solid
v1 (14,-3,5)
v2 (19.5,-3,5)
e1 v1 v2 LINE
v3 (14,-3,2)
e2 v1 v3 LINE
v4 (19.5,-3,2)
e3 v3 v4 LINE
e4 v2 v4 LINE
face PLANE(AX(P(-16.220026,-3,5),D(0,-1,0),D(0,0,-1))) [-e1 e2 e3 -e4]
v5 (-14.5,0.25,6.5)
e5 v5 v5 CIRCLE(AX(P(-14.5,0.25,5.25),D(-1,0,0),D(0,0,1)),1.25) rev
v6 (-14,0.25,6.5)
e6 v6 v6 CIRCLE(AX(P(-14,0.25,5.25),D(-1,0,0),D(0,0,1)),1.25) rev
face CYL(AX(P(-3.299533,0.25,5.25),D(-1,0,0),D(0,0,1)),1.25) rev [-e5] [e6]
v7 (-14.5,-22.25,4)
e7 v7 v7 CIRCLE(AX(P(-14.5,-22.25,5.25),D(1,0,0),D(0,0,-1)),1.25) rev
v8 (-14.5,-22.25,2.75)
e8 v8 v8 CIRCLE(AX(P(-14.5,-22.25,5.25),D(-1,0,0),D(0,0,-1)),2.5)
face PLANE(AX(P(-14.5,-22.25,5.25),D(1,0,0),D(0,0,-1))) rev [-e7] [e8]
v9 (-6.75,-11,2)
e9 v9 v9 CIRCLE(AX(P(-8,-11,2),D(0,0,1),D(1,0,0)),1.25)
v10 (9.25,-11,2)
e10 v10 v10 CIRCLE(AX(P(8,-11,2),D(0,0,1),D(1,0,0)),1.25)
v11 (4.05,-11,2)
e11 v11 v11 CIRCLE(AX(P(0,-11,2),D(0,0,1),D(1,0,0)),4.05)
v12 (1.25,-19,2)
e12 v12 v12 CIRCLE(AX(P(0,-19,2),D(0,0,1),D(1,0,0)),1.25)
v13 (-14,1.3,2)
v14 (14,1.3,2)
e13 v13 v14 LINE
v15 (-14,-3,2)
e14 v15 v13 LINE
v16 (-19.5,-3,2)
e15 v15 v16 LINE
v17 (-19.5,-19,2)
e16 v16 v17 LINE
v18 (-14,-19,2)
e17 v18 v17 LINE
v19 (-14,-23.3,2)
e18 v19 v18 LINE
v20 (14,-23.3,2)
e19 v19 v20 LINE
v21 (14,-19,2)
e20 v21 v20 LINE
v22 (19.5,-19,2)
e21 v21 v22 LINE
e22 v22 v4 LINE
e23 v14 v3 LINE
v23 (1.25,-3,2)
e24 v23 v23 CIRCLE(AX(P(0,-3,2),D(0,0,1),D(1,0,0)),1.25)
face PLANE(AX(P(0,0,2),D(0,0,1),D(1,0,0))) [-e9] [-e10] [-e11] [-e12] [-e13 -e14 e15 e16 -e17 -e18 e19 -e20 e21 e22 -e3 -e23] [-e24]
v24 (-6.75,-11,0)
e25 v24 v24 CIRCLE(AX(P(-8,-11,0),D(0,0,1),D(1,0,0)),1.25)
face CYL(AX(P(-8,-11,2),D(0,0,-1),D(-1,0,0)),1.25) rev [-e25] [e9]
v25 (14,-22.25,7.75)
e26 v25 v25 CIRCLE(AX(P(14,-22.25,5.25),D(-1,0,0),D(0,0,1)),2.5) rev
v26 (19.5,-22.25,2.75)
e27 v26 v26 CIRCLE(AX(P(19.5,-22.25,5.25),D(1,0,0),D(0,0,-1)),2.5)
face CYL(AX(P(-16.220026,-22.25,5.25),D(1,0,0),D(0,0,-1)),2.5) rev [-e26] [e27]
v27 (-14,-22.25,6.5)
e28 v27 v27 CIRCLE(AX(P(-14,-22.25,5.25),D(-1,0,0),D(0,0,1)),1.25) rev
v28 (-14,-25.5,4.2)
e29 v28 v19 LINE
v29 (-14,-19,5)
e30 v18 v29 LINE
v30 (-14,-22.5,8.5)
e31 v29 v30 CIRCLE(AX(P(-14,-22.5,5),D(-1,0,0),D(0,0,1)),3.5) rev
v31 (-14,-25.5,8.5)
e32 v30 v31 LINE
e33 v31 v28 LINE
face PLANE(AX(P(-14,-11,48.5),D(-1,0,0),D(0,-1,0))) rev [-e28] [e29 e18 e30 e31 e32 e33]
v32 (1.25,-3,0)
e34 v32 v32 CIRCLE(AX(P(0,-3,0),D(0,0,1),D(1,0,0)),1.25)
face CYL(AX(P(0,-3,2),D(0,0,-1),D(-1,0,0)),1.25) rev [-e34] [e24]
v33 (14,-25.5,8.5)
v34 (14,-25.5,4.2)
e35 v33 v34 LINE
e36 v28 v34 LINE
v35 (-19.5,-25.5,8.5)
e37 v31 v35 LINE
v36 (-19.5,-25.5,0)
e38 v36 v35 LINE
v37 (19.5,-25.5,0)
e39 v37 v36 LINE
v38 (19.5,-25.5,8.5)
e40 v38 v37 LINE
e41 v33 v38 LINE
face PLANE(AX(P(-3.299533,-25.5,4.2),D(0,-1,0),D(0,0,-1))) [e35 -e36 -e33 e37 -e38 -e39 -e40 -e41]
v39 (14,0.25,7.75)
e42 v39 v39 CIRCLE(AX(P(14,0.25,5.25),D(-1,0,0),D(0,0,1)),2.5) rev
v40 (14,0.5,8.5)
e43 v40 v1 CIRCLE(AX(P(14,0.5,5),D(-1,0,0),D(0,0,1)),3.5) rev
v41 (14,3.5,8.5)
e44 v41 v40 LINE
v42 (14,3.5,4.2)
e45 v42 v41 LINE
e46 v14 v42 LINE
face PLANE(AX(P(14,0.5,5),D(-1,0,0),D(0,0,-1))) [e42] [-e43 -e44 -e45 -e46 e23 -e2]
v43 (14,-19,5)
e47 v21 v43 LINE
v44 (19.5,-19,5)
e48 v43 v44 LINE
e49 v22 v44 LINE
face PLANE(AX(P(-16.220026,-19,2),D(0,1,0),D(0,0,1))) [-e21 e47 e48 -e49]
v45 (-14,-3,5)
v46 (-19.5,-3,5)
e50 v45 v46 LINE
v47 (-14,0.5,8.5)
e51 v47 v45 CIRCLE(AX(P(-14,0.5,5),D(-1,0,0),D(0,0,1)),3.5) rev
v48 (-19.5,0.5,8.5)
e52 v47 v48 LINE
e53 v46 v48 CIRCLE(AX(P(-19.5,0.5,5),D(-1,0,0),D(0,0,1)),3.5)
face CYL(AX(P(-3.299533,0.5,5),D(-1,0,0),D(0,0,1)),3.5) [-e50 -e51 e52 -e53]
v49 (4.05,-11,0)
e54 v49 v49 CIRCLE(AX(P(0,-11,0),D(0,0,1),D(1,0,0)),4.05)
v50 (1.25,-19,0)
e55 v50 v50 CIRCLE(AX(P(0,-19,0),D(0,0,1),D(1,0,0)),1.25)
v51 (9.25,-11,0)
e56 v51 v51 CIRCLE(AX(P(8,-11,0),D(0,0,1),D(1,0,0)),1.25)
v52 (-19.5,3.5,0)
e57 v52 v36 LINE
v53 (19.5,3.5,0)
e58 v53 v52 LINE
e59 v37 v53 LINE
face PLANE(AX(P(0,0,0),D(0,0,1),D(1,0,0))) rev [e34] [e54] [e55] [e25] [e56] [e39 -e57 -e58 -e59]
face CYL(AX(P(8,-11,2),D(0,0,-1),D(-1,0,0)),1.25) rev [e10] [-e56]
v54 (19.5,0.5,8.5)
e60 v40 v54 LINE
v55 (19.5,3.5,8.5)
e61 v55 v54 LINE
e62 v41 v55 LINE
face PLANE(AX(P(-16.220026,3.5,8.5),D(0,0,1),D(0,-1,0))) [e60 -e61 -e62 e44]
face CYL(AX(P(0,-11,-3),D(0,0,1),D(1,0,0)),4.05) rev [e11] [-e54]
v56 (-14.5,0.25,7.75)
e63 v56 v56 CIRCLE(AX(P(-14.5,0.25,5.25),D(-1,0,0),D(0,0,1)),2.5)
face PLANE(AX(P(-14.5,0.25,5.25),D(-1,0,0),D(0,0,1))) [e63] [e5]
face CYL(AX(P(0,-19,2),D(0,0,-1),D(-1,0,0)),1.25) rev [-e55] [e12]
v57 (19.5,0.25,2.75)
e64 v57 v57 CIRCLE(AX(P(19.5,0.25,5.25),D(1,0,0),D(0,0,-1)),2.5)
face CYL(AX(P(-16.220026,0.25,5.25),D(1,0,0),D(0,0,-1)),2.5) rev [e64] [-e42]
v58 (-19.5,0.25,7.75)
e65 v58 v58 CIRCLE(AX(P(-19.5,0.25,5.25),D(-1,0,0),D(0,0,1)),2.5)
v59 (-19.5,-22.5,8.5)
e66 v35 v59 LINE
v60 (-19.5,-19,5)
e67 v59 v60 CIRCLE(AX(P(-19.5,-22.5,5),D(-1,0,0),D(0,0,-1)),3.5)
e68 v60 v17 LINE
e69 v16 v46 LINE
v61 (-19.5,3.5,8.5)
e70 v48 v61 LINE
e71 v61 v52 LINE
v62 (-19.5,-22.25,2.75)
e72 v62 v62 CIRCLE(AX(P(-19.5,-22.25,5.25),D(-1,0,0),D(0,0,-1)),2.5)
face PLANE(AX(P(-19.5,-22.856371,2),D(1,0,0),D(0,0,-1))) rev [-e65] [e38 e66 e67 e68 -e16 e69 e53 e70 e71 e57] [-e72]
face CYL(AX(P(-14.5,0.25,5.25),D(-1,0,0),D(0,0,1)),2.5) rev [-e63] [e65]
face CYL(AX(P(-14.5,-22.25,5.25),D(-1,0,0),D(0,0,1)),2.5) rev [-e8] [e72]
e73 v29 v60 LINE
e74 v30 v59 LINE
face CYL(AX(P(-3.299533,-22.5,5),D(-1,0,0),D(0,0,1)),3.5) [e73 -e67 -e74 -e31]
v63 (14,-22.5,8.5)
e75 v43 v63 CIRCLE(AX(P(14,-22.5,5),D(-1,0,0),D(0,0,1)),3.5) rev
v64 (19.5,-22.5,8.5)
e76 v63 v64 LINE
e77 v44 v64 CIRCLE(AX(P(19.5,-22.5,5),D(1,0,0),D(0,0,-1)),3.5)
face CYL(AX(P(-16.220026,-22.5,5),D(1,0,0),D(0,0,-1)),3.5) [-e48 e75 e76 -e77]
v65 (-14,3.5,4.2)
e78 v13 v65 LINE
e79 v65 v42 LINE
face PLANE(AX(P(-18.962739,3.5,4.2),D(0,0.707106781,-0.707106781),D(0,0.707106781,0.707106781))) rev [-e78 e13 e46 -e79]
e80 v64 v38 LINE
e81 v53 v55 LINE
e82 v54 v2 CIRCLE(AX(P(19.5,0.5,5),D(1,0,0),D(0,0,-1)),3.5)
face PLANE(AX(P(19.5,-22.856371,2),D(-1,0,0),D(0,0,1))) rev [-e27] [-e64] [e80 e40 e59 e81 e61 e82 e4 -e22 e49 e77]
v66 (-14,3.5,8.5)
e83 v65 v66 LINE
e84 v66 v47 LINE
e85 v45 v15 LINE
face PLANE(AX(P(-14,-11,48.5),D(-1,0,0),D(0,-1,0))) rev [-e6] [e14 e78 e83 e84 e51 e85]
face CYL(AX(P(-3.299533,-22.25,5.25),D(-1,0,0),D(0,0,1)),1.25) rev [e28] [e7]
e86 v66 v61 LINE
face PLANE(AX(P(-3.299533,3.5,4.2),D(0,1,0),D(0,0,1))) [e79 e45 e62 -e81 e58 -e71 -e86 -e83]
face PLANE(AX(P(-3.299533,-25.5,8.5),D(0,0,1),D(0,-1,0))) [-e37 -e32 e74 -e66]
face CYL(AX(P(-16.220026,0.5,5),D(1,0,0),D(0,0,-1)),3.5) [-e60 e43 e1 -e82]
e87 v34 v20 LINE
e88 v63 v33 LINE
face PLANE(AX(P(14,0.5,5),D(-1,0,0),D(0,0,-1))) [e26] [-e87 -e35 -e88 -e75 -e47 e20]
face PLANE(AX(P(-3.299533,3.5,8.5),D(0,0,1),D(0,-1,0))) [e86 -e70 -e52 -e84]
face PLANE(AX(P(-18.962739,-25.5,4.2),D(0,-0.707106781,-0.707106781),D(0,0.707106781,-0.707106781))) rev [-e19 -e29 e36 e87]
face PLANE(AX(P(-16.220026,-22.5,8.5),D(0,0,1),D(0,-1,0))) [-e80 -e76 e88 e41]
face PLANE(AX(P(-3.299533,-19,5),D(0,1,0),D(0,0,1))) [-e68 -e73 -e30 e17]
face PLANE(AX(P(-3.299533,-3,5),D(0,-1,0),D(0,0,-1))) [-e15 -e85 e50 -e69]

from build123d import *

# Parameters (mm, degrees)
SKETCH1_W           = 39
SKETCH1_H           = 23.712741858
BOSS_EXTRUDE1_DEPTH = 2
SKETCH9_R           = 4.05
CUT_EXTRUDE6_DEPTH  = 5
SKETCH10_R          = 1.25
BOSS_EXTRUDE5_DEPTH = 5.5
SKETCH11_R          = 2.5
CUT_EXTRUDE7_DEPTH  = 5
BOSS_EXTRUDE6_START = -5.5
SKETCH12_R          = 2.5
BOSS_EXTRUDE6_DEPTH = 5.5
BOSS_EXTRUDE7_DEPTH = 28


with BuildPart() as part:
    # Sketch1 → Boss-Extrude1 (new body)
    with BuildSketch(Plane.XY):
        with Locations((0, -11)):
            Rectangle(SKETCH1_W, SKETCH1_H)
        with BuildLine():
            ThreePointArc((1.25, -19), (0, -17.75), (-1.25, -19))
            ThreePointArc((-1.25, -19), (0, -20.25), (1.25, -19))
        make_face(mode=Mode.SUBTRACT)
        with BuildLine():
            ThreePointArc((-6.75, -11), (-8, -9.75), (-9.25, -11))
            ThreePointArc((-9.25, -11), (-8, -12.25), (-6.75, -11))
        make_face(mode=Mode.SUBTRACT)
        with BuildLine():
            ThreePointArc((1.25, -3), (0, -1.75), (-1.25, -3))
            ThreePointArc((-1.25, -3), (0, -4.25), (1.25, -3))
        make_face(mode=Mode.SUBTRACT)
        with BuildLine():
            ThreePointArc((9.25, -11), (8, -9.75), (6.75, -11))
            ThreePointArc((6.75, -11), (8, -12.25), (9.25, -11))
        make_face(mode=Mode.SUBTRACT)
    extrude(amount=BOSS_EXTRUDE1_DEPTH)

    # Sketch9 → Cut-Extrude6 (cut)
    with BuildSketch(Plane.XY.offset(2)):
        with Locations((0, -11)):
            Circle(SKETCH9_R)
    extrude(amount=-CUT_EXTRUDE6_DEPTH, mode=Mode.SUBTRACT)

    # Sketch10 → Boss-Extrude5 (add)
    # profile 1 of 2: a face of its own
    with BuildSketch(Plane.ZY.offset(19.5)):
        with BuildLine():
            Line((4.2, 3.5), (8.5, 3.5))
            Line((8.5, 3.5), (8.5, 0.5))
            ThreePointArc((8.5, 0.5), (7.474873734, -1.974873734), (5, -3))
            Line((5, -3), (2, -3))
            Line((2, -3), (2, 0.856370929))
            Line((2, 0.856370929), (0, 0.856370929))
            Line((0, 0.856370929), (0, 3.5))
            Line((0, 3.5), (4.2, 3.5))
        make_face()
        with Locations((5.25, 0.25)):
            Circle(SKETCH10_R, mode=Mode.SUBTRACT)
    # profile 2 of 2: a face of its own
    with BuildSketch(Plane.ZY.offset(19.5)):
        with BuildLine():
            Line((5, -19), (2, -19))
            Line((2, -19), (2, -22.856370929))
            Line((2, -22.856370929), (0, -22.856370929))
            Line((0, -22.856370929), (0, -25.5))
            Line((0, -25.5), (4.2, -25.5))
            Line((4.2, -25.5), (8.5, -25.5))
            Line((8.5, -25.5), (8.5, -22.5))
            ThreePointArc((8.5, -22.5), (7.474873734, -20.025126266), (5, -19))
        make_face()
        with Locations((5.25, -22.25)):
            Circle(SKETCH10_R, mode=Mode.SUBTRACT)
    extrude(amount=-BOSS_EXTRUDE5_DEPTH)

    # Sketch11 → Cut-Extrude7 (cut)
    with BuildSketch(Plane.ZY.offset(19.5)):
        with Locations((5.25, 0.25)):
            Circle(SKETCH11_R)
        with Locations(Location((5.25, -22.25, 0), (0, 0, 180))):
            Circle(SKETCH11_R)
    extrude(amount=-CUT_EXTRUDE7_DEPTH, mode=Mode.SUBTRACT)

    # Sketch12 → Boss-Extrude6 (add)
    with BuildSketch(Plane(origin=(19.5, 0, 0), x_dir=(0, 0, -1), z_dir=(1, 0, 0)).offset(BOSS_EXTRUDE6_START)):
        with BuildLine():
            ThreePointArc((-8.5, 0.5), (-7.474873734, -1.974873734), (-5, -3))
            Line((-5, -3), (-2, -3))
            Line((-2, -3), (-2, -19))
            Line((-2, -19), (-5, -19))
            ThreePointArc((-5, -19), (-7.474873734, -20.025126266), (-8.5, -22.5))
            Line((-8.5, -22.5), (-8.5, -25.5))
            Line((-8.5, -25.5), (0, -25.5))
            Line((0, -25.5), (0, 3.5))
            Line((0, 3.5), (-8.5, 3.5))
            Line((-8.5, 3.5), (-8.5, 0.5))
        make_face()
        with Locations((-5.25, -22.25)):
            Circle(SKETCH12_R, mode=Mode.SUBTRACT)
        with Locations(Location((-5.25, 0.25, 0), (0, 0, 180))):
            Circle(SKETCH12_R, mode=Mode.SUBTRACT)
    extrude(amount=BOSS_EXTRUDE6_DEPTH)

    # Sketch13 → Boss-Extrude7 (add)
    with BuildSketch(Plane.ZY.offset(-14)):
        Polygon((0, 3.5), (4.2, 3.5), (2, 1.3), (2, 0.856370929), (0, 0.856370929), align=None)
        Polygon((2, -22.856370929), (0, -22.856370929), (0, -25.5), (4.2, -25.5), (2, -23.3), align=None)
    extrude(amount=BOSS_EXTRUDE7_DEPTH)


solid = part.part
